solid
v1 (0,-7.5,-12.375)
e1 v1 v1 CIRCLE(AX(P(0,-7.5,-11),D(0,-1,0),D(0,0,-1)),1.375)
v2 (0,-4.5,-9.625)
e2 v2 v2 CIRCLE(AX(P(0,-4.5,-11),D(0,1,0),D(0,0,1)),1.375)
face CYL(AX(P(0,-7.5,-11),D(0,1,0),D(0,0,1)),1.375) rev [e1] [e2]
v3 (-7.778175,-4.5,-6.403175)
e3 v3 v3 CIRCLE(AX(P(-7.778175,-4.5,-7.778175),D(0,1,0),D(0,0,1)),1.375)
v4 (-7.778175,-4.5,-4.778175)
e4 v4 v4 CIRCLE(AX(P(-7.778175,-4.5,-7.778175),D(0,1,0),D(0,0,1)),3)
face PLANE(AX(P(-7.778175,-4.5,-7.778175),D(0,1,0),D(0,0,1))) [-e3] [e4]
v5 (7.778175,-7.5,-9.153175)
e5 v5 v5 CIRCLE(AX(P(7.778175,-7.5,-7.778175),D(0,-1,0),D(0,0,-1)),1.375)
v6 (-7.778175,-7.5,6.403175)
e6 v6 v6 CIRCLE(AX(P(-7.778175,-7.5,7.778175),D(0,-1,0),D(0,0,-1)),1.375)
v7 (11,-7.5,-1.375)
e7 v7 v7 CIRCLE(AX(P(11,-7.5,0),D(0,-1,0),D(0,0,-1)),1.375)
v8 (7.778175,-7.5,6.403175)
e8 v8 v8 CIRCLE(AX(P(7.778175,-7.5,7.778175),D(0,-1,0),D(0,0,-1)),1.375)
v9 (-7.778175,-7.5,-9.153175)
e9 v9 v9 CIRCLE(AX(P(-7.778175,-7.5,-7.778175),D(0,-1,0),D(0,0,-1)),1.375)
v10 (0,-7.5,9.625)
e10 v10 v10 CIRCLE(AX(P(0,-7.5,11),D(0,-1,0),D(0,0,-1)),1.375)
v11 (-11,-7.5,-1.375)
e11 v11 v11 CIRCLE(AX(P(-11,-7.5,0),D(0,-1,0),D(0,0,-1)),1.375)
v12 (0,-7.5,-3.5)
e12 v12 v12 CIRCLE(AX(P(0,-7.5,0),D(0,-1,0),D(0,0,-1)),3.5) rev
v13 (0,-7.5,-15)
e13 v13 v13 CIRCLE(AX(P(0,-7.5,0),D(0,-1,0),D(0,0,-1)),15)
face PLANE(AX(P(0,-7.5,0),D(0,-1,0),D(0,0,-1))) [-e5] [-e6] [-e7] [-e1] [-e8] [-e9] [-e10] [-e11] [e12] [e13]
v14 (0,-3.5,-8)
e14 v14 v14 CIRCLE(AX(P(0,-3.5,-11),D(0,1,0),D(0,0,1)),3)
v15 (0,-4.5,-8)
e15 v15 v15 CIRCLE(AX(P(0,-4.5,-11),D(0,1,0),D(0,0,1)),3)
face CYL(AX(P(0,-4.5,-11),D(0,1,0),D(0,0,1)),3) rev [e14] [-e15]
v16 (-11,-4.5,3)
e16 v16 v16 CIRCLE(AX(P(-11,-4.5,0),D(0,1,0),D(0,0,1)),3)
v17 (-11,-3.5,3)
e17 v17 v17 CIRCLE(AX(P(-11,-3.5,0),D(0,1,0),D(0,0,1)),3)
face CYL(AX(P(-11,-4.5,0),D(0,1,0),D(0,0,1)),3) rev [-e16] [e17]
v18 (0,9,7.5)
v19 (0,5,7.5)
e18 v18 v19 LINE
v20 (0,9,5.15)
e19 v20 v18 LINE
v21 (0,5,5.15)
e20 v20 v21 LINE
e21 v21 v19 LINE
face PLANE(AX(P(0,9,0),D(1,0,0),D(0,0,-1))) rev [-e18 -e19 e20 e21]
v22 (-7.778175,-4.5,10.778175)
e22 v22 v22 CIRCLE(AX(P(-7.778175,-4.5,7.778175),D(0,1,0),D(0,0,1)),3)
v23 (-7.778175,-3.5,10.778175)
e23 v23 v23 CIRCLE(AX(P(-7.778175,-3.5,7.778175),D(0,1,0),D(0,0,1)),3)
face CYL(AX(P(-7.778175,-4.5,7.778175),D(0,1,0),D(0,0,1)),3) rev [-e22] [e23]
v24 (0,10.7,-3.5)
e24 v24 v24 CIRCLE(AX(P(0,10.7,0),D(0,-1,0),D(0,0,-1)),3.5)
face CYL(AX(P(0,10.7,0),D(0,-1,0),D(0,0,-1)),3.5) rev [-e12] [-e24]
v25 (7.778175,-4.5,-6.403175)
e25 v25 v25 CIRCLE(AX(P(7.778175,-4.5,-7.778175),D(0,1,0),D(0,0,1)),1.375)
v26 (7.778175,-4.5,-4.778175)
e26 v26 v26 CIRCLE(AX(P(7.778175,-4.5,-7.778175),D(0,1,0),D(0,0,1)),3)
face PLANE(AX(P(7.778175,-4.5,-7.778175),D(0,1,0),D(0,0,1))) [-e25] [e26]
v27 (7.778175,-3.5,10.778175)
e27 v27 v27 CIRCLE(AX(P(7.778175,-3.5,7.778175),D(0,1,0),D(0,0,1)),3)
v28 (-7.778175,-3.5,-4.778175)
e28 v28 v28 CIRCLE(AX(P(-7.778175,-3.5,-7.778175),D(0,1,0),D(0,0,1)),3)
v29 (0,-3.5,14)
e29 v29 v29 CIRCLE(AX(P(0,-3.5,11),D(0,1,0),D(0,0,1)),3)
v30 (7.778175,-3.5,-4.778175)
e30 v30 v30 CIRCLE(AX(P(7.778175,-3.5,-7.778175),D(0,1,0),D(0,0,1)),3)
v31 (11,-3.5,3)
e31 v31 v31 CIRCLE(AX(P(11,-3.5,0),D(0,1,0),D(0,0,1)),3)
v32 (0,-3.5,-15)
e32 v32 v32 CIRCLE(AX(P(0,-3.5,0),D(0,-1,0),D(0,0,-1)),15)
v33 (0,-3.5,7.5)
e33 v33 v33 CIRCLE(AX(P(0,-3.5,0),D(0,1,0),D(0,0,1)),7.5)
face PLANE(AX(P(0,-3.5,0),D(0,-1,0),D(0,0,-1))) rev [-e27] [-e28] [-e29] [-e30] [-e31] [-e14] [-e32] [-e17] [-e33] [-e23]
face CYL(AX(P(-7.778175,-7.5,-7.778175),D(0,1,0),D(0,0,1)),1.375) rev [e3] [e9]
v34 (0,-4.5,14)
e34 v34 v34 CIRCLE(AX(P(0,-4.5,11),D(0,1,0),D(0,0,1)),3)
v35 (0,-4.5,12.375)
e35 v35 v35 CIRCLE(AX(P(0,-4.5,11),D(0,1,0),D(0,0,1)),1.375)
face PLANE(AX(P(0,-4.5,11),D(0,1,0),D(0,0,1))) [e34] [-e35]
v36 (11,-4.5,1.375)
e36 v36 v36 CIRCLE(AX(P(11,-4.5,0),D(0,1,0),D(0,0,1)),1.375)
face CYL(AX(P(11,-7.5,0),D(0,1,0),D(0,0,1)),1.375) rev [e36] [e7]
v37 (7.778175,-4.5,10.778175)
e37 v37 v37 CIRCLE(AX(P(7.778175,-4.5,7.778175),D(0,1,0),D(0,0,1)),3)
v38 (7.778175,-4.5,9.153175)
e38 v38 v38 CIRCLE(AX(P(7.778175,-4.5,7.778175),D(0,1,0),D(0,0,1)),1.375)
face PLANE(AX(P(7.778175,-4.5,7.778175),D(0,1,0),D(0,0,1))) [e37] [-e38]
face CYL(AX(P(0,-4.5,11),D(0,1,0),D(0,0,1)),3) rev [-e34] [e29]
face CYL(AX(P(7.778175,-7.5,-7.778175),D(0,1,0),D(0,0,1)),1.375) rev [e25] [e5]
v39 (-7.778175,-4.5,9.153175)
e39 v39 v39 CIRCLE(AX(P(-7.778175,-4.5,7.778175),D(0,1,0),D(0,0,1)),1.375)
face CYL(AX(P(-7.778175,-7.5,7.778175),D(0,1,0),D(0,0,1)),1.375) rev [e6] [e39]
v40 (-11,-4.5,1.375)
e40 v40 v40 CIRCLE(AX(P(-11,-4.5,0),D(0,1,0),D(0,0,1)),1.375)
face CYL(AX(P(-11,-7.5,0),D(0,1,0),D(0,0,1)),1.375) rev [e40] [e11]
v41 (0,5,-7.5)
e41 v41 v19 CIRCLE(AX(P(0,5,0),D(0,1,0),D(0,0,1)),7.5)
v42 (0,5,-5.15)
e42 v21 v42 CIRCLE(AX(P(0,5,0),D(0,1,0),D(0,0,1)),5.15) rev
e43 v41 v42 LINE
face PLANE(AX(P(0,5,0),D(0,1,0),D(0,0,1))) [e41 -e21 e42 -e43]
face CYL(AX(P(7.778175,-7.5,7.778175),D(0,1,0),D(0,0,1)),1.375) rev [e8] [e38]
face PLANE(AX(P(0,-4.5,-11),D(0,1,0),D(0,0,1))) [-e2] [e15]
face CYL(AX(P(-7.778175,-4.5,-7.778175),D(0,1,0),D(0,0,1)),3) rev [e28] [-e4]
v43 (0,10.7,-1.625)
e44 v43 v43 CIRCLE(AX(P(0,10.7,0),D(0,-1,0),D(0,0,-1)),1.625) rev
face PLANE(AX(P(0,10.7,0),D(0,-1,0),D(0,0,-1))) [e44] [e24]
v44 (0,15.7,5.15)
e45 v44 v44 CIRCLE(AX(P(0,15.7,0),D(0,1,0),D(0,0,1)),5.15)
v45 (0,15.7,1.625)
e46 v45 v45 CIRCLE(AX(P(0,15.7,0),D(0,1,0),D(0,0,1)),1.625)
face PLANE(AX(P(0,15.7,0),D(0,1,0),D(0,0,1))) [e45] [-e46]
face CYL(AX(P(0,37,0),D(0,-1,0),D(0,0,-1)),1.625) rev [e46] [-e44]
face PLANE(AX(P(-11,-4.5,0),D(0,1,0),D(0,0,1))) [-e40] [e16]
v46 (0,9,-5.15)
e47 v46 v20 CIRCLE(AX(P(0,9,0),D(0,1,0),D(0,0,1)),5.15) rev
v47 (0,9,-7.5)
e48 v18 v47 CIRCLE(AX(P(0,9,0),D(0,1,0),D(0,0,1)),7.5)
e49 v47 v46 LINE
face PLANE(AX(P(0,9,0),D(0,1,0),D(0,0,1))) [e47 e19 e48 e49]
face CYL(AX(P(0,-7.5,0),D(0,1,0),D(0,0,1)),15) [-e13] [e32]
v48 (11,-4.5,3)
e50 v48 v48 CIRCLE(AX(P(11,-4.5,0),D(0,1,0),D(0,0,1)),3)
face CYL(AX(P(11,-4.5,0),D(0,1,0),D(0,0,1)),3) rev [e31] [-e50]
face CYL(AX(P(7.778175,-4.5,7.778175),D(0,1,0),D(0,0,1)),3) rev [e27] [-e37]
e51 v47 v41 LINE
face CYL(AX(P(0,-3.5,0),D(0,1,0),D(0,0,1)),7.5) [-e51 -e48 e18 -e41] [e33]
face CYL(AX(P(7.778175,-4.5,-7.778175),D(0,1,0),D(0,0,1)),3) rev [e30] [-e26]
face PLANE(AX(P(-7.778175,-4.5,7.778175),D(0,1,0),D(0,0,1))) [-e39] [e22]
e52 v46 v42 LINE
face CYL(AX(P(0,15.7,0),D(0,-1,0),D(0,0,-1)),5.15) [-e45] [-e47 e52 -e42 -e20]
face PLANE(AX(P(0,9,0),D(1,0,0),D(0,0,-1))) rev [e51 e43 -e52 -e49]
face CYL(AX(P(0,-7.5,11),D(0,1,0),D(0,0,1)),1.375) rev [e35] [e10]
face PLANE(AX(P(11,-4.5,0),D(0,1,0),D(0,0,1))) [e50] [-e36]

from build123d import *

# Parameters (mm, degrees)
SKETCH1_R           = 7.5
BOSS_EXTRUDE1_DEPTH = 5
SKETCH1_3_R         = 5.15
BOSS_EXTRUDE2_DEPTH = 15.7
BOSS_EXTRUDE3_DEPTH = 4
SKETCH3_R           = 1.625
CUT_EXTRUDE1_DEPTH  = 37
SKETCH4_R           = 3.5
CUT_EXTRUDE2_DEPTH  = 10.7
BOSS_EXTRUDE4_START = 3.5
SKETCH5_R           = 7.5
SKETCH5_R_2         = 3.5
BOSS_EXTRUDE4_DEPTH = 3.5
BOSS_EXTRUDE5_START = 4
SKETCH6_R           = 15
SKETCH6_R_2         = 1.375
SKETCH6_R_3         = 3.5
BOSS_EXTRUDE5_DEPTH = 4
SKETCH7_R           = 3
CUT_EXTRUDE3_DEPTH  = 1
CUT_EXTRUDE4_START  = -12.5
SKETCH8_R           = 7.5
SKETCH8_R_2         = 7.45
CUT_EXTRUDE4_DEPTH  = 12.5
BOSS_EXTRUDE6_START = -8.5
SKETCH9_R           = 7.5
SKETCH9_R_2         = 7.45
BOSS_EXTRUDE6_DEPTH = 8.5
BOSS_EXTRUDE7_DEPTH = 4


with BuildPart() as part:
    # Sketch1 → Boss-Extrude1 (new body)
    with BuildSketch(Plane(origin=(0, 0, 0), x_dir=(1, 0, 0), z_dir=(0, 1, 0))):
        Circle(SKETCH1_R)
    extrude(amount=BOSS_EXTRUDE1_DEPTH)

    # Sketch1<3> → Boss-Extrude2 (add)
    with BuildSketch(Plane(origin=(0, 0, 0), x_dir=(1, 0, 0), z_dir=(0, 1, 0))):
        Circle(SKETCH1_3_R)
    extrude(amount=BOSS_EXTRUDE2_DEPTH)

    # Sketch2 → Boss-Extrude3 (add)
    with BuildSketch(Plane(origin=(0, 5, 0), x_dir=(1, 0, 0), z_dir=(0, 1, 0))):
        with BuildLine():
            ThreePointArc((7.5, 0), (5.303300859, 5.303300859), (0, 7.5))
            Line((0, 7.5), (0, 5.15))
            ThreePointArc((0, 5.15), (3.641599923, 3.641599923), (5.15, 0))
            ThreePointArc((5.15, 0), (3.641599923, -3.641599923), (0, -5.15))
            Line((0, -5.15), (0, -7.5))
            ThreePointArc((0, -7.5), (5.303300859, -5.303300859), (7.5, 0))
        make_face()
    extrude(amount=BOSS_EXTRUDE3_DEPTH)

    # Sketch3 → Cut-Extrude1 (cut)
    with BuildSketch(Plane.XZ):
        Circle(SKETCH3_R)
    extrude(amount=-CUT_EXTRUDE1_DEPTH, mode=Mode.SUBTRACT)

    # Sketch4 → Cut-Extrude2 (cut)
    with BuildSketch(Plane.XZ):
        Circle(SKETCH4_R)
    extrude(amount=-CUT_EXTRUDE2_DEPTH, mode=Mode.SUBTRACT)

    # Sketch5 → Boss-Extrude4 (add)
    with BuildSketch(Plane.XZ.offset(BOSS_EXTRUDE4_START)):
        Circle(SKETCH5_R)
        Circle(SKETCH5_R_2, mode=Mode.SUBTRACT)
    extrude(amount=-BOSS_EXTRUDE4_DEPTH)

    # Sketch6 → Boss-Extrude5 (add)
    with BuildSketch(Plane.XZ.offset(3.5).offset(BOSS_EXTRUDE5_START)):
        Circle(SKETCH6_R)
        with Locations((11, 0)):
            Circle(SKETCH6_R_2, mode=Mode.SUBTRACT)
        with Locations((7.778174593, -7.778174593)):
            Circle(SKETCH6_R_2, mode=Mode.SUBTRACT)
        with Locations((0, -11)):
            Circle(SKETCH6_R_2, mode=Mode.SUBTRACT)
        with Locations((-7.778174593, -7.778174593)):
            Circle(SKETCH6_R_2, mode=Mode.SUBTRACT)
        with Locations((-11, 0)):
            Circle(SKETCH6_R_2, mode=Mode.SUBTRACT)
        with Locations((-7.778174593, 7.778174593)):
            Circle(SKETCH6_R_2, mode=Mode.SUBTRACT)
        with Locations((0, 11)):
            Circle(SKETCH6_R_2, mode=Mode.SUBTRACT)
        with Locations((7.778174593, 7.778174593)):
            Circle(SKETCH6_R_2, mode=Mode.SUBTRACT)
        Circle(SKETCH6_R_3, mode=Mode.SUBTRACT)
    extrude(amount=-BOSS_EXTRUDE5_DEPTH)

    # Sketch7 → Cut-Extrude3 (cut)
    with BuildSketch(Plane(origin=(0, -3.5, 0), x_dir=(1, 0, 0), z_dir=(0, 1, 0))):
        with Locations((-11, 0)):
            Circle(SKETCH7_R)
        with Locations((-7.778174593, 7.778174593)):
            Circle(SKETCH7_R)
        with Locations((0, 11)):
            Circle(SKETCH7_R)
        with Locations((7.778174593, 7.778174593)):
            Circle(SKETCH7_R)
        with Locations((11, 0)):
            Circle(SKETCH7_R)
        with Locations((7.778174593, -7.778174593)):
            Circle(SKETCH7_R)
        with Locations((0, -11)):
            Circle(SKETCH7_R)
        with Locations((-7.778174593, -7.778174593)):
            Circle(SKETCH7_R)
    extrude(amount=-CUT_EXTRUDE3_DEPTH, mode=Mode.SUBTRACT)

    # Sketch8 → Cut-Extrude4 (cut)
    with BuildSketch(Plane(origin=(0, 9, 0), x_dir=(1, 0, 0), z_dir=(0, 1, 0)).offset(CUT_EXTRUDE4_START)):
        Circle(SKETCH8_R)
        Circle(SKETCH8_R_2, mode=Mode.SUBTRACT)
    extrude(amount=CUT_EXTRUDE4_DEPTH, mode=Mode.SUBTRACT)

    # Sketch9 → Boss-Extrude6 (add)
    with BuildSketch(Plane(origin=(0, 5, 0), x_dir=(1, 0, 0), z_dir=(0, 1, 0)).offset(BOSS_EXTRUDE6_START)):
        Circle(SKETCH9_R)
        Circle(SKETCH9_R_2, mode=Mode.SUBTRACT)
    extrude(amount=BOSS_EXTRUDE6_DEPTH)

    # Sketch10 → Boss-Extrude7 (add)
    with BuildSketch(Plane(origin=(0, 5, 0), x_dir=(1, 0, 0), z_dir=(0, 1, 0))):
        with BuildLine():
            ThreePointArc((7.5, 0), (5.303300859, 5.303300859), (0, 7.5))
            Line((0, 7.5), (0, 7.45))
            ThreePointArc((0, 7.45), (5.26794552, 5.26794552), (7.45, 0))
            ThreePointArc((7.45, 0), (5.26794552, -5.26794552), (0, -7.45))
            Line((0, -7.45), (0, -7.5))
            ThreePointArc((0, -7.5), (5.303300859, -5.303300859), (7.5, 0))
        make_face()
    extrude(amount=BOSS_EXTRUDE7_DEPTH)


solid = part.part
